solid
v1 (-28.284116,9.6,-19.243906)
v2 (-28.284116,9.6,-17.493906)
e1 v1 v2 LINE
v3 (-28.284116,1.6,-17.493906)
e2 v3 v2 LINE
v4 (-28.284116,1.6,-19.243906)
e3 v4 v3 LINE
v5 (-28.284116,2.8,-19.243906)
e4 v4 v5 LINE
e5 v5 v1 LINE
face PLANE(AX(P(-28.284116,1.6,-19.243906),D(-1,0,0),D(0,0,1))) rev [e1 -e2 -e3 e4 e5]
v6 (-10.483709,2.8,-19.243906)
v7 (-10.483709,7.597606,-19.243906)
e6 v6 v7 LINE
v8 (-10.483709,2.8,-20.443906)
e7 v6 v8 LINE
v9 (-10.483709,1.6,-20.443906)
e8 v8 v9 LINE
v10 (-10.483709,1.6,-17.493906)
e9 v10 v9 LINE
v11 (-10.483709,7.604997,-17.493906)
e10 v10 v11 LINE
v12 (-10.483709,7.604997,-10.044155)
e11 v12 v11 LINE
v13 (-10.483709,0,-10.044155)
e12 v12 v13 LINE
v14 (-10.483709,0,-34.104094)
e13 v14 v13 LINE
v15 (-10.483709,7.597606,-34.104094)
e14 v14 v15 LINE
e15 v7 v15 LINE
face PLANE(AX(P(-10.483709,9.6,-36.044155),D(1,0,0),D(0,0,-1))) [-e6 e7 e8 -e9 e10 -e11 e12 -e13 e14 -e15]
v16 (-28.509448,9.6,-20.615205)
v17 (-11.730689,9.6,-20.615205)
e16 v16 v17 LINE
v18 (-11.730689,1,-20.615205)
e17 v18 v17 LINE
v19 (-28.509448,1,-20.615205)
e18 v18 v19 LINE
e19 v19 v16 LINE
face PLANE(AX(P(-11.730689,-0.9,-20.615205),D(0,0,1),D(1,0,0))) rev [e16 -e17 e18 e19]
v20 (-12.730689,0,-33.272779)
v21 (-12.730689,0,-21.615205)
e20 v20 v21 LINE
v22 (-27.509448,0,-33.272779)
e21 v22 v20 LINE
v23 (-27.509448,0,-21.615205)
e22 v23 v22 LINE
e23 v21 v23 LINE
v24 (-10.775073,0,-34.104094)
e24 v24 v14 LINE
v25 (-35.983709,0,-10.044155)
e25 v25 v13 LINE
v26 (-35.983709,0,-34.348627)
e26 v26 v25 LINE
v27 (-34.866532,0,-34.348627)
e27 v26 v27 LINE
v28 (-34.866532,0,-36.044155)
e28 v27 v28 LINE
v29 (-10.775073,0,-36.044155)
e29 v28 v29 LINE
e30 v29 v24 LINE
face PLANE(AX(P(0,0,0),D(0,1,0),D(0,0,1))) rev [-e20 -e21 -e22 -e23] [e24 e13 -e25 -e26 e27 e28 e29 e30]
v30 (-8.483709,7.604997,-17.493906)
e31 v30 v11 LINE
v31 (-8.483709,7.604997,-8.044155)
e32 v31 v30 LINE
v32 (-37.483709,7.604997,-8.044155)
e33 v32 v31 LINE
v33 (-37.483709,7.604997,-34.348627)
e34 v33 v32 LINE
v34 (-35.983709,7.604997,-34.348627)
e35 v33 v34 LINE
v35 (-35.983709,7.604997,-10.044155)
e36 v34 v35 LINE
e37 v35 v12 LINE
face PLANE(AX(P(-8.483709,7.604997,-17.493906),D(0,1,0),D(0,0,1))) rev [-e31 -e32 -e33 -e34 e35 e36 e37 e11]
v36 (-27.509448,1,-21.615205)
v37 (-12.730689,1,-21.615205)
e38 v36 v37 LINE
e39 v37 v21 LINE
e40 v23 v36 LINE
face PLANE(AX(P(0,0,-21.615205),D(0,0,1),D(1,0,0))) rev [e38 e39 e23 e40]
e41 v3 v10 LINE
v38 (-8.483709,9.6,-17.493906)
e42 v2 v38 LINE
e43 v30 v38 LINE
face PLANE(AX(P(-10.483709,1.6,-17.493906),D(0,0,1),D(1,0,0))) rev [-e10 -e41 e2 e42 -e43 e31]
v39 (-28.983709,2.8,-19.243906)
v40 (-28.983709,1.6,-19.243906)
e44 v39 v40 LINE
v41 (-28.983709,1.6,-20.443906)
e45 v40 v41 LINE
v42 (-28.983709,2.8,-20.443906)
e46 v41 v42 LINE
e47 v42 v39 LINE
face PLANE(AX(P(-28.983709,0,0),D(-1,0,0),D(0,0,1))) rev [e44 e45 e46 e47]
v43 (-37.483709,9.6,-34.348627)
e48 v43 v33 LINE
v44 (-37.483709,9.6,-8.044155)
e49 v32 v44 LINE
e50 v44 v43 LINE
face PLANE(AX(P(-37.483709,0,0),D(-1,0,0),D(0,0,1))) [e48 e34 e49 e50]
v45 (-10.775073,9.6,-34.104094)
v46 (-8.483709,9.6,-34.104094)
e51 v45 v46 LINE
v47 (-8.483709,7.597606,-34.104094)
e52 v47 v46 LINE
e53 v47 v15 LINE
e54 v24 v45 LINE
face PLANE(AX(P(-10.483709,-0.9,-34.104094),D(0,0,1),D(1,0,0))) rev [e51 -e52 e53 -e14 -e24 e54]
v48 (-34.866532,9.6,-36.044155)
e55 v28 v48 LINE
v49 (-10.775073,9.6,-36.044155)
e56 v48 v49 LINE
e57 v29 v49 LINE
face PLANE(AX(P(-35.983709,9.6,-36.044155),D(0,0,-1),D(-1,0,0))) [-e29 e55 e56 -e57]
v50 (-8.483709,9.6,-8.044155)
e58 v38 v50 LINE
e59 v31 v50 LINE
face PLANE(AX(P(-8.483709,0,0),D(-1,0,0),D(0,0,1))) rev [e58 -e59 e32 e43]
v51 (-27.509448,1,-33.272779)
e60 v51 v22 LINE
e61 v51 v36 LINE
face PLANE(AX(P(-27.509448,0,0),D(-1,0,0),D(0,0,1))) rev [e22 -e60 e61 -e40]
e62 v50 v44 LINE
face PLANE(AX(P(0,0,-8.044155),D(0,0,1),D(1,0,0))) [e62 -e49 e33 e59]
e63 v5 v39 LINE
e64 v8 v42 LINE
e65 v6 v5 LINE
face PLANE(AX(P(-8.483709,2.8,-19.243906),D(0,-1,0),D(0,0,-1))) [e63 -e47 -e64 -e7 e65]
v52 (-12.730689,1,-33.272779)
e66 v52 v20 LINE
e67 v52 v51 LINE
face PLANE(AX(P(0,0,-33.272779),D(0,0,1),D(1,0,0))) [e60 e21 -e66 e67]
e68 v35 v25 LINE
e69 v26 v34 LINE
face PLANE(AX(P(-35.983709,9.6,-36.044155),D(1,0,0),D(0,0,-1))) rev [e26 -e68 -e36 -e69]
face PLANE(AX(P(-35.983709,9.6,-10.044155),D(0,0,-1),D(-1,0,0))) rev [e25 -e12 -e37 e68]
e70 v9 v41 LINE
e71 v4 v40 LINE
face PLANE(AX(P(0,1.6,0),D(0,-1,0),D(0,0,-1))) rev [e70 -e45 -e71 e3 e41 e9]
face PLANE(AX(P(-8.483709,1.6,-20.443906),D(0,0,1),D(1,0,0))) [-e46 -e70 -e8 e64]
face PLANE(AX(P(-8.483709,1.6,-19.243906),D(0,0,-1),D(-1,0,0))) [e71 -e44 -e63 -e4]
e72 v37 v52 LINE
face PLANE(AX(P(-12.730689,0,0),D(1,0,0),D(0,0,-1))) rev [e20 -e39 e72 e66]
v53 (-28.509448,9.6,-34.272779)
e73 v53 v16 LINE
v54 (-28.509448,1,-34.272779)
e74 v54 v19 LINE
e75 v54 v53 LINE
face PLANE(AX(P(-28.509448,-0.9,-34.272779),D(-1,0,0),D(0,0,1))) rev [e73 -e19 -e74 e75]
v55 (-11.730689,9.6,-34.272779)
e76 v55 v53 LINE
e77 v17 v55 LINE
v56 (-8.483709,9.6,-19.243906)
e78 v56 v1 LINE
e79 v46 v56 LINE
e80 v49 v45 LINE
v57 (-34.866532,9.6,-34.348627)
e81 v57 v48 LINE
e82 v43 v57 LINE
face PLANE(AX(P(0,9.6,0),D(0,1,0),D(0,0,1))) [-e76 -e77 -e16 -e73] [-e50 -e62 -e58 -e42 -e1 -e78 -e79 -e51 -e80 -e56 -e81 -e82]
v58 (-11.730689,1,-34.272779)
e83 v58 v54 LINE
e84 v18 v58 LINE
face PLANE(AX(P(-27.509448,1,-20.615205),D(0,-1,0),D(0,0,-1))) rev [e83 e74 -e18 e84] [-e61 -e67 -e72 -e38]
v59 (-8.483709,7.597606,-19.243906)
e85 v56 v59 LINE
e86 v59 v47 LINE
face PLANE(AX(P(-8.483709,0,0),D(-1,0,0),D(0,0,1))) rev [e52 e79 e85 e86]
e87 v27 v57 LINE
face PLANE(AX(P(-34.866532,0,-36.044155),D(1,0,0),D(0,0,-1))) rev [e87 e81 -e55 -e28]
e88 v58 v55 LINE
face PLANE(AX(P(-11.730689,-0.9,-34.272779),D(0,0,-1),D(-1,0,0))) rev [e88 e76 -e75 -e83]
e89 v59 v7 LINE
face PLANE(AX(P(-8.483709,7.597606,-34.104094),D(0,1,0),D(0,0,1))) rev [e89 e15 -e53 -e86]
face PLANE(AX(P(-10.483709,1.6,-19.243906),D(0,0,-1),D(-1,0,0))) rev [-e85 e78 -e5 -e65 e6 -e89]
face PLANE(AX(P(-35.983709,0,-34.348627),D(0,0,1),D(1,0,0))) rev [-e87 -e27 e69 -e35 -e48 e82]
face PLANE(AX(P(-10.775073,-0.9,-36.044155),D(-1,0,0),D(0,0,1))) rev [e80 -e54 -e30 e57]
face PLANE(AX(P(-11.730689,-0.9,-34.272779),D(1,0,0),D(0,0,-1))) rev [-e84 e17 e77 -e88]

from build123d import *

# Parameters (mm, degrees)
SKETCH4_W                = 25.5
SKETCH4_H                = 26
BOSS_EXTRUDE6_DEPTH      = 9.6
SKETCH17_W               = 1.117177271
SKETCH17_H               = 1.695527899
CUT_EXTRUDE3_DEPTH       = 9.6
SKETCH18_W               = 17.800407573
SKETCH18_H               = 1.75
CUT_EXTRUDE10_DEPTH      = 8
SKETCH20_W               = 16.77875935
SKETCH20_H               = 13.657573424
CUT_EXTRUDE13_DEPTH      = 10.5
SKETCH21_W               = 0.291364414
SKETCH21_H               = 1.940061713
CUT_EXTRUDE14_DEPTH      = 10.5
SKETCH22_W               = 14.860187615
SKETCH22_H               = 2.002394184
BOSS_EXTRUDE7_DEPTH      = 2
SKETCH23_W               = 7.449750672
SKETCH23_H               = 1.995003107
BOSS_EXTRUDE8_DEPTH      = 2
SKETCH24_W               = 27.5
SKETCH24_H               = 1.995003107
BOSS_EXTRUDE9_DEPTH      = 2
SKETCH25_W               = 26.3044721
SKETCH25_H               = 1.995003107
BOSS_EXTRUDE10_DEPTH     = 1.5
SKETCH19_W               = 1.2
SKETCH19_H               = 1.2
CUT_EXTRUDE15_DEPTH      = 3
CUT_EXTRUDE15_DEPTH_BACK = 18.5
SKETCH26_W               = 13.657573424
SKETCH26_H               = 1
BOSS_EXTRUDE11_DEPTH     = 1
SKETCH27_W               = 15.77875935
SKETCH27_H               = 1
BOSS_EXTRUDE12_DEPTH     = 1
SKETCH28_W               = 12.657573424
SKETCH28_H               = 1
BOSS_EXTRUDE13_DEPTH     = 1
SKETCH29_W               = 14.77875935
SKETCH29_H               = 1
BOSS_EXTRUDE14_DEPTH     = 1


with BuildPart() as part:
    # Sketch4 → Boss-Extrude6 (new body)
    with BuildSketch(Plane(origin=(-9.896990102, 0, -25.516417911), x_dir=(1, 0, 0), z_dir=(0, 1, 0))):
        with Locations((-13.336718814, -2.472262581)):
            Rectangle(SKETCH4_W, SKETCH4_H)
    extrude(amount=BOSS_EXTRUDE6_DEPTH)

    # Sketch17 → Cut-Extrude3 (cut)
    with BuildSketch(Plane(origin=(-9.896990102, 9.6, -25.516417911), x_dir=(1, 0, 0), z_dir=(0, 1, 0))):
        with Locations((-25.528130178, 9.67997347)):
            Rectangle(SKETCH17_W, SKETCH17_H)
    extrude(amount=-CUT_EXTRUDE3_DEPTH, mode=Mode.SUBTRACT)

    # Sketch18 → Cut-Extrude10 (cut)
    with BuildSketch(Plane(origin=(-9.896990102, 9.6, -25.516417911), x_dir=(1, 0, 0), z_dir=(0, 1, 0))):
        with Locations((-9.486922601, -7.147511908)):
            Rectangle(SKETCH18_W, SKETCH18_H)
    extrude(amount=-CUT_EXTRUDE10_DEPTH, mode=Mode.SUBTRACT)

    # Sketch20 → Cut-Extrude13 (cut)
    with BuildSketch(Plane(origin=(0, 9.6, -0.078786712), x_dir=(1, 0, 0), z_dir=(0, 1, 0))):
        with Locations((-20.120068773, 27.365205119)):
            Rectangle(SKETCH20_W, SKETCH20_H)
    extrude(amount=-CUT_EXTRUDE13_DEPTH, mode=Mode.SUBTRACT)

    # Sketch21 → Cut-Extrude14 (cut)
    with BuildSketch(Plane(origin=(0, 9.6, 0), x_dir=(1, 0, 0), z_dir=(0, 1, 0))):
        with Locations((-10.629391123, 35.074124474)):
            Rectangle(SKETCH21_W, SKETCH21_H)
    extrude(amount=-CUT_EXTRUDE14_DEPTH, mode=Mode.SUBTRACT)

    # Sketch22 → Boss-Extrude7 (add)
    with BuildSketch(Plane(origin=(-10.483708916, 0, 0), x_dir=(0, 0, -1), z_dir=(1, 0, 0))):
        with Locations((26.67399981, 8.598802908)):
            Rectangle(SKETCH22_W, SKETCH22_H)
    extrude(amount=BOSS_EXTRUDE7_DEPTH)

    # Sketch23 → Boss-Extrude8 (add)
    with BuildSketch(Plane(origin=(-10.483708916, 0, 0), x_dir=(0, 0, -1), z_dir=(1, 0, 0))):
        with Locations((13.769030667, 8.602498447)):
            Rectangle(SKETCH23_W, SKETCH23_H)
    extrude(amount=BOSS_EXTRUDE8_DEPTH)

    # Sketch24 → Boss-Extrude9 (add)
    with BuildSketch(Plane.XY.offset(-10.044155331)):
        with Locations((-22.233708916, 8.602498447)):
            Rectangle(SKETCH24_W, SKETCH24_H)
    extrude(amount=BOSS_EXTRUDE9_DEPTH)

    # Sketch25 → Boss-Extrude10 (add)
    with BuildSketch(Plane.ZY.offset(35.983708916)):
        with Locations((-21.196391381, 8.602498447)):
            Rectangle(SKETCH25_W, SKETCH25_H)
    extrude(amount=BOSS_EXTRUDE10_DEPTH)

    # Sketch19 → Cut-Extrude15 (cut, two sides)
    with BuildSketch(Plane(origin=(-10.483708916, 0, 0), x_dir=(0, 0, -1), z_dir=(1, 0, 0))) as cut_extrude15_sk:
        with Locations((19.843906003, 2.2)):
            Rectangle(SKETCH19_W, SKETCH19_H)
    extrude(amount=CUT_EXTRUDE15_DEPTH, mode=Mode.SUBTRACT)
    extrude(cut_extrude15_sk.sketch, amount=-CUT_EXTRUDE15_DEPTH_BACK, mode=Mode.SUBTRACT)

    # Sketch26 → Boss-Extrude11 (add)
    with BuildSketch(Plane(origin=(-28.509448448, 0, -0.078786712), x_dir=(0, 0, -1), z_dir=(1, 0, 0))):
        with Locations((27.365205119, 0.5)):
            Rectangle(SKETCH26_W, SKETCH26_H)
    extrude(amount=BOSS_EXTRUDE11_DEPTH)

    # Sketch27 → Boss-Extrude12 (add)
    with BuildSketch(Plane.XY.offset(-34.272778542)):
        with Locations((-19.620068773, 0.5)):
            Rectangle(SKETCH27_W, SKETCH27_H)
    extrude(amount=BOSS_EXTRUDE12_DEPTH)

    # Sketch28 → Boss-Extrude13 (add)
    with BuildSketch(Plane(origin=(-11.730689098, 0, -0.078786712), x_dir=(0, 0, 1), z_dir=(-1, 0, 0))):
        with Locations((-26.865205119, 0.5)):
            Rectangle(SKETCH28_W, SKETCH28_H)
    extrude(amount=BOSS_EXTRUDE13_DEPTH)

    # Sketch29 → Boss-Extrude14 (add)
    with BuildSketch(Plane(origin=(0, 0, -20.615205119), x_dir=(-1, 0, 0), z_dir=(0, 0, -1))):
        with Locations((20.120068773, 0.5)):
            Rectangle(SKETCH29_W, SKETCH29_H)
    extrude(amount=BOSS_EXTRUDE14_DEPTH)


solid = part.part
